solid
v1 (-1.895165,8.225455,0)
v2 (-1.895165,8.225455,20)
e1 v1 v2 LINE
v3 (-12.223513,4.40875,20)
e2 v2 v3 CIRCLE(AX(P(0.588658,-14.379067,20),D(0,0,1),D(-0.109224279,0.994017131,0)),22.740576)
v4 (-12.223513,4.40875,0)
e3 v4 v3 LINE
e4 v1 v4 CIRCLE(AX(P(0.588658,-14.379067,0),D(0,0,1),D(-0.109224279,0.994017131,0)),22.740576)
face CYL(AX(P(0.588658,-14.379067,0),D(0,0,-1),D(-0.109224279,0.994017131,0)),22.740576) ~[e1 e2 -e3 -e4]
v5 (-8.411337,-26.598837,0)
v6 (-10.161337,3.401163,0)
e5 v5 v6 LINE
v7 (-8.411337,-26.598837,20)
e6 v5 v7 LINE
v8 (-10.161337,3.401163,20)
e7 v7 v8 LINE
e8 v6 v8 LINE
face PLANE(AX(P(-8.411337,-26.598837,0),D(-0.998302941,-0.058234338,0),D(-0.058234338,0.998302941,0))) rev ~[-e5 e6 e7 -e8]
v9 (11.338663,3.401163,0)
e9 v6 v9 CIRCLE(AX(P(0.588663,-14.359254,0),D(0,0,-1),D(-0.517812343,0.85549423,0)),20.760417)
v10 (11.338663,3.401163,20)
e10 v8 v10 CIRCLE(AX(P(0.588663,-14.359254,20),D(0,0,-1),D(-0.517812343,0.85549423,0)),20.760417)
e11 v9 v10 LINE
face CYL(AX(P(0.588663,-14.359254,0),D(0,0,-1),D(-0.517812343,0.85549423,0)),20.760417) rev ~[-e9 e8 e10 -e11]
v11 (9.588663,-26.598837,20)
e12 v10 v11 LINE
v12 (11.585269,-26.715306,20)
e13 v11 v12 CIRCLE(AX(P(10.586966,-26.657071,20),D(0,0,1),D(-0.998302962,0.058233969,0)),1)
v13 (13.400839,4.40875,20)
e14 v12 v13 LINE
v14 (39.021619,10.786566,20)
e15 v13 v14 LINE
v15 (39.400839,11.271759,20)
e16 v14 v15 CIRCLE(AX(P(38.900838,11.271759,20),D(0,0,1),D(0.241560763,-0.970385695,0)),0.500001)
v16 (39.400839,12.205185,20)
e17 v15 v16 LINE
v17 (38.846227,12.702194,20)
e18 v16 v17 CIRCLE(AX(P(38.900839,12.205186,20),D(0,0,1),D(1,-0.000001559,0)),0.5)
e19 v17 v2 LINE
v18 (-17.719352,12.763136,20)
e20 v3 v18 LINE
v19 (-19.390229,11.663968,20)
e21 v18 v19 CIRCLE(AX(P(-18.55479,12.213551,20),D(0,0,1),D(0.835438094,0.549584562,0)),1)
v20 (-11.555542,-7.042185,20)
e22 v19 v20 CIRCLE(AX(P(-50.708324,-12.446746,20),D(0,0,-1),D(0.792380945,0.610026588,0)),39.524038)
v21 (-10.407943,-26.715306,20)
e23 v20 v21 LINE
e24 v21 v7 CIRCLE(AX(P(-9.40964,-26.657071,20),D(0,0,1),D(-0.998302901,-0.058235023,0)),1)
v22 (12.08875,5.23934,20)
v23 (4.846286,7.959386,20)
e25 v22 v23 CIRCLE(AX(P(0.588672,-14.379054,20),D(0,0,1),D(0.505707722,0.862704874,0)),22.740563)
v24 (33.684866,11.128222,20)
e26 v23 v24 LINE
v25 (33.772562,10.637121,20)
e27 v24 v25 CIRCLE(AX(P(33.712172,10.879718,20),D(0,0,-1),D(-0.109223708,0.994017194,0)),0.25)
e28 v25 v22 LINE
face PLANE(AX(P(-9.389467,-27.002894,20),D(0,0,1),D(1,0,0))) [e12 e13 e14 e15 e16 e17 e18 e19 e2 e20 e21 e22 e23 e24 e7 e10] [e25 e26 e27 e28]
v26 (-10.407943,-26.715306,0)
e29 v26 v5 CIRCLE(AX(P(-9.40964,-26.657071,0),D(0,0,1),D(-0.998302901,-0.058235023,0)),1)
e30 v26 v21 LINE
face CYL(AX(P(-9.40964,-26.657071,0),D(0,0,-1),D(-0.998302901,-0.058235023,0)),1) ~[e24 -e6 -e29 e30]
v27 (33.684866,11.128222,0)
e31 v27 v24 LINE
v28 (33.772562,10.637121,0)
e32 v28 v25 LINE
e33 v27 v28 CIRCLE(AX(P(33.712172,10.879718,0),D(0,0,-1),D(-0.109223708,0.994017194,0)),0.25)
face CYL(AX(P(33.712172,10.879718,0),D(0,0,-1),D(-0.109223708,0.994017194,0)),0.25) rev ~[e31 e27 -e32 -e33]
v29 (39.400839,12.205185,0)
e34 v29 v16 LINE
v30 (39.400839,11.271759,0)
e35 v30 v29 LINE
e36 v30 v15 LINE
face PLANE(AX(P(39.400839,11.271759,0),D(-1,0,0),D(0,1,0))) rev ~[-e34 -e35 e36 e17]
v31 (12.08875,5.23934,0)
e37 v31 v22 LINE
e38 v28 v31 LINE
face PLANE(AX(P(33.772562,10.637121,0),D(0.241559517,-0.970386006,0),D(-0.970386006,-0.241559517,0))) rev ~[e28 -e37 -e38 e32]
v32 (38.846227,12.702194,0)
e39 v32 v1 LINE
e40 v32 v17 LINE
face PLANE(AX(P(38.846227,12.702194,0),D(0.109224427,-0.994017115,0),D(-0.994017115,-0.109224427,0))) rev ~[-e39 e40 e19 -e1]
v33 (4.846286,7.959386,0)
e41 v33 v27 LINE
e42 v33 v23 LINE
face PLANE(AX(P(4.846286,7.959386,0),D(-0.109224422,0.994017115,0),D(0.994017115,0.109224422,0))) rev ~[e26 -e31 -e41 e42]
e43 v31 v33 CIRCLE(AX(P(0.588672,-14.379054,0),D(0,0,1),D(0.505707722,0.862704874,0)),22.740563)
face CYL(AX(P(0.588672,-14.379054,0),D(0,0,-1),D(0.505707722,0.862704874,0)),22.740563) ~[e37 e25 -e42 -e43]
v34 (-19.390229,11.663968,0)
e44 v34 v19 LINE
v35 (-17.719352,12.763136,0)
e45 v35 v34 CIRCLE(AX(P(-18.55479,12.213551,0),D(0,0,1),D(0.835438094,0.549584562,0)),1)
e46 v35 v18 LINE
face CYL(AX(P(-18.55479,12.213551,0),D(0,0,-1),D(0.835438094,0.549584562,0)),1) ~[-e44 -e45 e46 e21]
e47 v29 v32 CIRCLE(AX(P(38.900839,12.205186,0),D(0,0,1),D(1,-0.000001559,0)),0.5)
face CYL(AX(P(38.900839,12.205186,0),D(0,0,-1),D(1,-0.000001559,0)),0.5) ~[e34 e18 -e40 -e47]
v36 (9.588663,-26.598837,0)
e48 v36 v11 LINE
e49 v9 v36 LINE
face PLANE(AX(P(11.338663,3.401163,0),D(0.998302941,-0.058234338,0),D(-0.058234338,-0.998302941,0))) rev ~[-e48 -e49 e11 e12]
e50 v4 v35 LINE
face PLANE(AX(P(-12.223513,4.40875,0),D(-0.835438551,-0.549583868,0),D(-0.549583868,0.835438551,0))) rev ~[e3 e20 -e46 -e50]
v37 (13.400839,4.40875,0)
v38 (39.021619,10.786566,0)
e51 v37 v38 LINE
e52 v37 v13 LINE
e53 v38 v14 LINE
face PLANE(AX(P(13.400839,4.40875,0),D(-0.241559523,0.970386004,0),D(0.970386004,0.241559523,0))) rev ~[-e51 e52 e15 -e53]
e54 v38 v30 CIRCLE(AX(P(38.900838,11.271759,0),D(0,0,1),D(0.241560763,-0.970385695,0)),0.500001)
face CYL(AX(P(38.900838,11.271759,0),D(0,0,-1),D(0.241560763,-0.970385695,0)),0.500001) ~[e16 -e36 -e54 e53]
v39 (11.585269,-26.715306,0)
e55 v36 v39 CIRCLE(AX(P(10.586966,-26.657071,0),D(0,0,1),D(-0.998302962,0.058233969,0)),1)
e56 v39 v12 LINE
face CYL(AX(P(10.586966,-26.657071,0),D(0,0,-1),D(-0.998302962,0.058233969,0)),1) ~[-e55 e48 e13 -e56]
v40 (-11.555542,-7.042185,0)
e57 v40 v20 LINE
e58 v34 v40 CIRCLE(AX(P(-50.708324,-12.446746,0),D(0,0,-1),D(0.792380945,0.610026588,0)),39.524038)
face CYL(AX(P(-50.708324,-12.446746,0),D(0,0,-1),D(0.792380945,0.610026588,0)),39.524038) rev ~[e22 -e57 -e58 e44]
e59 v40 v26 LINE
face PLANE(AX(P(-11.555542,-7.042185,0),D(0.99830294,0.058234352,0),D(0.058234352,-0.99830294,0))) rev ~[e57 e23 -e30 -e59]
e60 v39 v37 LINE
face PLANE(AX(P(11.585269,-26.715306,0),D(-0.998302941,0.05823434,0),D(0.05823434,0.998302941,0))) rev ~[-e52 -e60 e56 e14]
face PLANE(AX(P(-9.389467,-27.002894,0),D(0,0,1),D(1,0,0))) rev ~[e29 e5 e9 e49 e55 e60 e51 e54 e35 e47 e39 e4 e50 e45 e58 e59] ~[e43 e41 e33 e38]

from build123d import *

# Parameters (mm, degrees)
F1_DEPTH = 20


with BuildPart() as f1:
    # F0 (on Top) → F1 (new body)
    with BuildSketch(Plane.XY):
        with BuildLine():
            ThreePointArc((-10.407943, -26.715306), (-9.351406, -27.655374), (-8.411337, -26.598837))
            Line((-8.411337, -26.598837), (-10.407943, -26.715306))
        make_face()
        with BuildLine():
            Line((11.585269, -26.715306), (9.588663, -26.598837))
            ThreePointArc((9.588663, -26.598837), (10.528732, -27.655374), (11.585269, -26.715306))
        make_face()
        with BuildLine():
            ThreePointArc((-10.161337, 3.401163), (0.588663, 6.401163), (11.338663, 3.401163))
            Line((11.338663, 3.401163), (9.588663, -26.598837))
            Line((9.588663, -26.598837), (11.585269, -26.715306))
            Line((11.585269, -26.715306), (13.400839, 4.40875))
            ThreePointArc((13.400839, 4.40875), (12.751886, 4.835248), (12.08875, 5.23934))
            ThreePointArc((12.08875, 5.23934), (8.584038, 6.909612), (4.846286, 7.959386))
            ThreePointArc((4.846286, 7.959386), (1.485483, 8.343819), (-1.895165, 8.225455))
            ThreePointArc((-1.895165, 8.225455), (-7.293833, 6.951665), (-12.223513, 4.40875))
            Line((-12.223513, 4.40875), (-11.555542, -7.042185))
            Line((-11.555542, -7.042185), (-10.407943, -26.715306))
            Line((-10.407943, -26.715306), (-8.411337, -26.598837))
            Line((-8.411337, -26.598837), (-10.161337, 3.401163))
        make_face()
        with BuildLine():
            ThreePointArc((-19.390229, 11.663968), (-14.25265, 2.821962), (-11.555542, -7.042185))
            Line((-11.555542, -7.042185), (-12.223513, 4.40875))
            Line((-12.223513, 4.40875), (-17.719352, 12.763136))
            Line((-17.719352, 12.763136), (-19.390229, 11.663968))
        make_face()
        with BuildLine():
            ThreePointArc((-17.719352, 12.763136), (-19.104374, 13.04899), (-19.390229, 11.663968))
            Line((-19.390229, 11.663968), (-17.719352, 12.763136))
        make_face()
        with BuildLine():
            ThreePointArc((12.08875, 5.23934), (12.751886, 4.835248), (13.400839, 4.40875))
            Line((13.400839, 4.40875), (39.021619, 10.786566))
            ThreePointArc((39.021619, 10.786566), (39.294787, 10.963855), (39.400839, 11.271759))
            Line((39.400839, 11.271759), (39.400839, 12.205185))
            ThreePointArc((39.400839, 12.205185), (39.234526, 12.577547), (38.846227, 12.702194))
            Line((38.846227, 12.702194), (-1.895165, 8.225455))
            ThreePointArc((-1.895165, 8.225455), (1.485483, 8.343819), (4.846286, 7.959386))
            Line((4.846286, 7.959386), (33.684866, 11.128222))
            ThreePointArc((33.684866, 11.128222), (33.958279, 10.923665), (33.772562, 10.637121))
            Line((33.772562, 10.637121), (12.08875, 5.23934))
        make_face()
    extrude(amount=F1_DEPTH)


solid = f1.part
